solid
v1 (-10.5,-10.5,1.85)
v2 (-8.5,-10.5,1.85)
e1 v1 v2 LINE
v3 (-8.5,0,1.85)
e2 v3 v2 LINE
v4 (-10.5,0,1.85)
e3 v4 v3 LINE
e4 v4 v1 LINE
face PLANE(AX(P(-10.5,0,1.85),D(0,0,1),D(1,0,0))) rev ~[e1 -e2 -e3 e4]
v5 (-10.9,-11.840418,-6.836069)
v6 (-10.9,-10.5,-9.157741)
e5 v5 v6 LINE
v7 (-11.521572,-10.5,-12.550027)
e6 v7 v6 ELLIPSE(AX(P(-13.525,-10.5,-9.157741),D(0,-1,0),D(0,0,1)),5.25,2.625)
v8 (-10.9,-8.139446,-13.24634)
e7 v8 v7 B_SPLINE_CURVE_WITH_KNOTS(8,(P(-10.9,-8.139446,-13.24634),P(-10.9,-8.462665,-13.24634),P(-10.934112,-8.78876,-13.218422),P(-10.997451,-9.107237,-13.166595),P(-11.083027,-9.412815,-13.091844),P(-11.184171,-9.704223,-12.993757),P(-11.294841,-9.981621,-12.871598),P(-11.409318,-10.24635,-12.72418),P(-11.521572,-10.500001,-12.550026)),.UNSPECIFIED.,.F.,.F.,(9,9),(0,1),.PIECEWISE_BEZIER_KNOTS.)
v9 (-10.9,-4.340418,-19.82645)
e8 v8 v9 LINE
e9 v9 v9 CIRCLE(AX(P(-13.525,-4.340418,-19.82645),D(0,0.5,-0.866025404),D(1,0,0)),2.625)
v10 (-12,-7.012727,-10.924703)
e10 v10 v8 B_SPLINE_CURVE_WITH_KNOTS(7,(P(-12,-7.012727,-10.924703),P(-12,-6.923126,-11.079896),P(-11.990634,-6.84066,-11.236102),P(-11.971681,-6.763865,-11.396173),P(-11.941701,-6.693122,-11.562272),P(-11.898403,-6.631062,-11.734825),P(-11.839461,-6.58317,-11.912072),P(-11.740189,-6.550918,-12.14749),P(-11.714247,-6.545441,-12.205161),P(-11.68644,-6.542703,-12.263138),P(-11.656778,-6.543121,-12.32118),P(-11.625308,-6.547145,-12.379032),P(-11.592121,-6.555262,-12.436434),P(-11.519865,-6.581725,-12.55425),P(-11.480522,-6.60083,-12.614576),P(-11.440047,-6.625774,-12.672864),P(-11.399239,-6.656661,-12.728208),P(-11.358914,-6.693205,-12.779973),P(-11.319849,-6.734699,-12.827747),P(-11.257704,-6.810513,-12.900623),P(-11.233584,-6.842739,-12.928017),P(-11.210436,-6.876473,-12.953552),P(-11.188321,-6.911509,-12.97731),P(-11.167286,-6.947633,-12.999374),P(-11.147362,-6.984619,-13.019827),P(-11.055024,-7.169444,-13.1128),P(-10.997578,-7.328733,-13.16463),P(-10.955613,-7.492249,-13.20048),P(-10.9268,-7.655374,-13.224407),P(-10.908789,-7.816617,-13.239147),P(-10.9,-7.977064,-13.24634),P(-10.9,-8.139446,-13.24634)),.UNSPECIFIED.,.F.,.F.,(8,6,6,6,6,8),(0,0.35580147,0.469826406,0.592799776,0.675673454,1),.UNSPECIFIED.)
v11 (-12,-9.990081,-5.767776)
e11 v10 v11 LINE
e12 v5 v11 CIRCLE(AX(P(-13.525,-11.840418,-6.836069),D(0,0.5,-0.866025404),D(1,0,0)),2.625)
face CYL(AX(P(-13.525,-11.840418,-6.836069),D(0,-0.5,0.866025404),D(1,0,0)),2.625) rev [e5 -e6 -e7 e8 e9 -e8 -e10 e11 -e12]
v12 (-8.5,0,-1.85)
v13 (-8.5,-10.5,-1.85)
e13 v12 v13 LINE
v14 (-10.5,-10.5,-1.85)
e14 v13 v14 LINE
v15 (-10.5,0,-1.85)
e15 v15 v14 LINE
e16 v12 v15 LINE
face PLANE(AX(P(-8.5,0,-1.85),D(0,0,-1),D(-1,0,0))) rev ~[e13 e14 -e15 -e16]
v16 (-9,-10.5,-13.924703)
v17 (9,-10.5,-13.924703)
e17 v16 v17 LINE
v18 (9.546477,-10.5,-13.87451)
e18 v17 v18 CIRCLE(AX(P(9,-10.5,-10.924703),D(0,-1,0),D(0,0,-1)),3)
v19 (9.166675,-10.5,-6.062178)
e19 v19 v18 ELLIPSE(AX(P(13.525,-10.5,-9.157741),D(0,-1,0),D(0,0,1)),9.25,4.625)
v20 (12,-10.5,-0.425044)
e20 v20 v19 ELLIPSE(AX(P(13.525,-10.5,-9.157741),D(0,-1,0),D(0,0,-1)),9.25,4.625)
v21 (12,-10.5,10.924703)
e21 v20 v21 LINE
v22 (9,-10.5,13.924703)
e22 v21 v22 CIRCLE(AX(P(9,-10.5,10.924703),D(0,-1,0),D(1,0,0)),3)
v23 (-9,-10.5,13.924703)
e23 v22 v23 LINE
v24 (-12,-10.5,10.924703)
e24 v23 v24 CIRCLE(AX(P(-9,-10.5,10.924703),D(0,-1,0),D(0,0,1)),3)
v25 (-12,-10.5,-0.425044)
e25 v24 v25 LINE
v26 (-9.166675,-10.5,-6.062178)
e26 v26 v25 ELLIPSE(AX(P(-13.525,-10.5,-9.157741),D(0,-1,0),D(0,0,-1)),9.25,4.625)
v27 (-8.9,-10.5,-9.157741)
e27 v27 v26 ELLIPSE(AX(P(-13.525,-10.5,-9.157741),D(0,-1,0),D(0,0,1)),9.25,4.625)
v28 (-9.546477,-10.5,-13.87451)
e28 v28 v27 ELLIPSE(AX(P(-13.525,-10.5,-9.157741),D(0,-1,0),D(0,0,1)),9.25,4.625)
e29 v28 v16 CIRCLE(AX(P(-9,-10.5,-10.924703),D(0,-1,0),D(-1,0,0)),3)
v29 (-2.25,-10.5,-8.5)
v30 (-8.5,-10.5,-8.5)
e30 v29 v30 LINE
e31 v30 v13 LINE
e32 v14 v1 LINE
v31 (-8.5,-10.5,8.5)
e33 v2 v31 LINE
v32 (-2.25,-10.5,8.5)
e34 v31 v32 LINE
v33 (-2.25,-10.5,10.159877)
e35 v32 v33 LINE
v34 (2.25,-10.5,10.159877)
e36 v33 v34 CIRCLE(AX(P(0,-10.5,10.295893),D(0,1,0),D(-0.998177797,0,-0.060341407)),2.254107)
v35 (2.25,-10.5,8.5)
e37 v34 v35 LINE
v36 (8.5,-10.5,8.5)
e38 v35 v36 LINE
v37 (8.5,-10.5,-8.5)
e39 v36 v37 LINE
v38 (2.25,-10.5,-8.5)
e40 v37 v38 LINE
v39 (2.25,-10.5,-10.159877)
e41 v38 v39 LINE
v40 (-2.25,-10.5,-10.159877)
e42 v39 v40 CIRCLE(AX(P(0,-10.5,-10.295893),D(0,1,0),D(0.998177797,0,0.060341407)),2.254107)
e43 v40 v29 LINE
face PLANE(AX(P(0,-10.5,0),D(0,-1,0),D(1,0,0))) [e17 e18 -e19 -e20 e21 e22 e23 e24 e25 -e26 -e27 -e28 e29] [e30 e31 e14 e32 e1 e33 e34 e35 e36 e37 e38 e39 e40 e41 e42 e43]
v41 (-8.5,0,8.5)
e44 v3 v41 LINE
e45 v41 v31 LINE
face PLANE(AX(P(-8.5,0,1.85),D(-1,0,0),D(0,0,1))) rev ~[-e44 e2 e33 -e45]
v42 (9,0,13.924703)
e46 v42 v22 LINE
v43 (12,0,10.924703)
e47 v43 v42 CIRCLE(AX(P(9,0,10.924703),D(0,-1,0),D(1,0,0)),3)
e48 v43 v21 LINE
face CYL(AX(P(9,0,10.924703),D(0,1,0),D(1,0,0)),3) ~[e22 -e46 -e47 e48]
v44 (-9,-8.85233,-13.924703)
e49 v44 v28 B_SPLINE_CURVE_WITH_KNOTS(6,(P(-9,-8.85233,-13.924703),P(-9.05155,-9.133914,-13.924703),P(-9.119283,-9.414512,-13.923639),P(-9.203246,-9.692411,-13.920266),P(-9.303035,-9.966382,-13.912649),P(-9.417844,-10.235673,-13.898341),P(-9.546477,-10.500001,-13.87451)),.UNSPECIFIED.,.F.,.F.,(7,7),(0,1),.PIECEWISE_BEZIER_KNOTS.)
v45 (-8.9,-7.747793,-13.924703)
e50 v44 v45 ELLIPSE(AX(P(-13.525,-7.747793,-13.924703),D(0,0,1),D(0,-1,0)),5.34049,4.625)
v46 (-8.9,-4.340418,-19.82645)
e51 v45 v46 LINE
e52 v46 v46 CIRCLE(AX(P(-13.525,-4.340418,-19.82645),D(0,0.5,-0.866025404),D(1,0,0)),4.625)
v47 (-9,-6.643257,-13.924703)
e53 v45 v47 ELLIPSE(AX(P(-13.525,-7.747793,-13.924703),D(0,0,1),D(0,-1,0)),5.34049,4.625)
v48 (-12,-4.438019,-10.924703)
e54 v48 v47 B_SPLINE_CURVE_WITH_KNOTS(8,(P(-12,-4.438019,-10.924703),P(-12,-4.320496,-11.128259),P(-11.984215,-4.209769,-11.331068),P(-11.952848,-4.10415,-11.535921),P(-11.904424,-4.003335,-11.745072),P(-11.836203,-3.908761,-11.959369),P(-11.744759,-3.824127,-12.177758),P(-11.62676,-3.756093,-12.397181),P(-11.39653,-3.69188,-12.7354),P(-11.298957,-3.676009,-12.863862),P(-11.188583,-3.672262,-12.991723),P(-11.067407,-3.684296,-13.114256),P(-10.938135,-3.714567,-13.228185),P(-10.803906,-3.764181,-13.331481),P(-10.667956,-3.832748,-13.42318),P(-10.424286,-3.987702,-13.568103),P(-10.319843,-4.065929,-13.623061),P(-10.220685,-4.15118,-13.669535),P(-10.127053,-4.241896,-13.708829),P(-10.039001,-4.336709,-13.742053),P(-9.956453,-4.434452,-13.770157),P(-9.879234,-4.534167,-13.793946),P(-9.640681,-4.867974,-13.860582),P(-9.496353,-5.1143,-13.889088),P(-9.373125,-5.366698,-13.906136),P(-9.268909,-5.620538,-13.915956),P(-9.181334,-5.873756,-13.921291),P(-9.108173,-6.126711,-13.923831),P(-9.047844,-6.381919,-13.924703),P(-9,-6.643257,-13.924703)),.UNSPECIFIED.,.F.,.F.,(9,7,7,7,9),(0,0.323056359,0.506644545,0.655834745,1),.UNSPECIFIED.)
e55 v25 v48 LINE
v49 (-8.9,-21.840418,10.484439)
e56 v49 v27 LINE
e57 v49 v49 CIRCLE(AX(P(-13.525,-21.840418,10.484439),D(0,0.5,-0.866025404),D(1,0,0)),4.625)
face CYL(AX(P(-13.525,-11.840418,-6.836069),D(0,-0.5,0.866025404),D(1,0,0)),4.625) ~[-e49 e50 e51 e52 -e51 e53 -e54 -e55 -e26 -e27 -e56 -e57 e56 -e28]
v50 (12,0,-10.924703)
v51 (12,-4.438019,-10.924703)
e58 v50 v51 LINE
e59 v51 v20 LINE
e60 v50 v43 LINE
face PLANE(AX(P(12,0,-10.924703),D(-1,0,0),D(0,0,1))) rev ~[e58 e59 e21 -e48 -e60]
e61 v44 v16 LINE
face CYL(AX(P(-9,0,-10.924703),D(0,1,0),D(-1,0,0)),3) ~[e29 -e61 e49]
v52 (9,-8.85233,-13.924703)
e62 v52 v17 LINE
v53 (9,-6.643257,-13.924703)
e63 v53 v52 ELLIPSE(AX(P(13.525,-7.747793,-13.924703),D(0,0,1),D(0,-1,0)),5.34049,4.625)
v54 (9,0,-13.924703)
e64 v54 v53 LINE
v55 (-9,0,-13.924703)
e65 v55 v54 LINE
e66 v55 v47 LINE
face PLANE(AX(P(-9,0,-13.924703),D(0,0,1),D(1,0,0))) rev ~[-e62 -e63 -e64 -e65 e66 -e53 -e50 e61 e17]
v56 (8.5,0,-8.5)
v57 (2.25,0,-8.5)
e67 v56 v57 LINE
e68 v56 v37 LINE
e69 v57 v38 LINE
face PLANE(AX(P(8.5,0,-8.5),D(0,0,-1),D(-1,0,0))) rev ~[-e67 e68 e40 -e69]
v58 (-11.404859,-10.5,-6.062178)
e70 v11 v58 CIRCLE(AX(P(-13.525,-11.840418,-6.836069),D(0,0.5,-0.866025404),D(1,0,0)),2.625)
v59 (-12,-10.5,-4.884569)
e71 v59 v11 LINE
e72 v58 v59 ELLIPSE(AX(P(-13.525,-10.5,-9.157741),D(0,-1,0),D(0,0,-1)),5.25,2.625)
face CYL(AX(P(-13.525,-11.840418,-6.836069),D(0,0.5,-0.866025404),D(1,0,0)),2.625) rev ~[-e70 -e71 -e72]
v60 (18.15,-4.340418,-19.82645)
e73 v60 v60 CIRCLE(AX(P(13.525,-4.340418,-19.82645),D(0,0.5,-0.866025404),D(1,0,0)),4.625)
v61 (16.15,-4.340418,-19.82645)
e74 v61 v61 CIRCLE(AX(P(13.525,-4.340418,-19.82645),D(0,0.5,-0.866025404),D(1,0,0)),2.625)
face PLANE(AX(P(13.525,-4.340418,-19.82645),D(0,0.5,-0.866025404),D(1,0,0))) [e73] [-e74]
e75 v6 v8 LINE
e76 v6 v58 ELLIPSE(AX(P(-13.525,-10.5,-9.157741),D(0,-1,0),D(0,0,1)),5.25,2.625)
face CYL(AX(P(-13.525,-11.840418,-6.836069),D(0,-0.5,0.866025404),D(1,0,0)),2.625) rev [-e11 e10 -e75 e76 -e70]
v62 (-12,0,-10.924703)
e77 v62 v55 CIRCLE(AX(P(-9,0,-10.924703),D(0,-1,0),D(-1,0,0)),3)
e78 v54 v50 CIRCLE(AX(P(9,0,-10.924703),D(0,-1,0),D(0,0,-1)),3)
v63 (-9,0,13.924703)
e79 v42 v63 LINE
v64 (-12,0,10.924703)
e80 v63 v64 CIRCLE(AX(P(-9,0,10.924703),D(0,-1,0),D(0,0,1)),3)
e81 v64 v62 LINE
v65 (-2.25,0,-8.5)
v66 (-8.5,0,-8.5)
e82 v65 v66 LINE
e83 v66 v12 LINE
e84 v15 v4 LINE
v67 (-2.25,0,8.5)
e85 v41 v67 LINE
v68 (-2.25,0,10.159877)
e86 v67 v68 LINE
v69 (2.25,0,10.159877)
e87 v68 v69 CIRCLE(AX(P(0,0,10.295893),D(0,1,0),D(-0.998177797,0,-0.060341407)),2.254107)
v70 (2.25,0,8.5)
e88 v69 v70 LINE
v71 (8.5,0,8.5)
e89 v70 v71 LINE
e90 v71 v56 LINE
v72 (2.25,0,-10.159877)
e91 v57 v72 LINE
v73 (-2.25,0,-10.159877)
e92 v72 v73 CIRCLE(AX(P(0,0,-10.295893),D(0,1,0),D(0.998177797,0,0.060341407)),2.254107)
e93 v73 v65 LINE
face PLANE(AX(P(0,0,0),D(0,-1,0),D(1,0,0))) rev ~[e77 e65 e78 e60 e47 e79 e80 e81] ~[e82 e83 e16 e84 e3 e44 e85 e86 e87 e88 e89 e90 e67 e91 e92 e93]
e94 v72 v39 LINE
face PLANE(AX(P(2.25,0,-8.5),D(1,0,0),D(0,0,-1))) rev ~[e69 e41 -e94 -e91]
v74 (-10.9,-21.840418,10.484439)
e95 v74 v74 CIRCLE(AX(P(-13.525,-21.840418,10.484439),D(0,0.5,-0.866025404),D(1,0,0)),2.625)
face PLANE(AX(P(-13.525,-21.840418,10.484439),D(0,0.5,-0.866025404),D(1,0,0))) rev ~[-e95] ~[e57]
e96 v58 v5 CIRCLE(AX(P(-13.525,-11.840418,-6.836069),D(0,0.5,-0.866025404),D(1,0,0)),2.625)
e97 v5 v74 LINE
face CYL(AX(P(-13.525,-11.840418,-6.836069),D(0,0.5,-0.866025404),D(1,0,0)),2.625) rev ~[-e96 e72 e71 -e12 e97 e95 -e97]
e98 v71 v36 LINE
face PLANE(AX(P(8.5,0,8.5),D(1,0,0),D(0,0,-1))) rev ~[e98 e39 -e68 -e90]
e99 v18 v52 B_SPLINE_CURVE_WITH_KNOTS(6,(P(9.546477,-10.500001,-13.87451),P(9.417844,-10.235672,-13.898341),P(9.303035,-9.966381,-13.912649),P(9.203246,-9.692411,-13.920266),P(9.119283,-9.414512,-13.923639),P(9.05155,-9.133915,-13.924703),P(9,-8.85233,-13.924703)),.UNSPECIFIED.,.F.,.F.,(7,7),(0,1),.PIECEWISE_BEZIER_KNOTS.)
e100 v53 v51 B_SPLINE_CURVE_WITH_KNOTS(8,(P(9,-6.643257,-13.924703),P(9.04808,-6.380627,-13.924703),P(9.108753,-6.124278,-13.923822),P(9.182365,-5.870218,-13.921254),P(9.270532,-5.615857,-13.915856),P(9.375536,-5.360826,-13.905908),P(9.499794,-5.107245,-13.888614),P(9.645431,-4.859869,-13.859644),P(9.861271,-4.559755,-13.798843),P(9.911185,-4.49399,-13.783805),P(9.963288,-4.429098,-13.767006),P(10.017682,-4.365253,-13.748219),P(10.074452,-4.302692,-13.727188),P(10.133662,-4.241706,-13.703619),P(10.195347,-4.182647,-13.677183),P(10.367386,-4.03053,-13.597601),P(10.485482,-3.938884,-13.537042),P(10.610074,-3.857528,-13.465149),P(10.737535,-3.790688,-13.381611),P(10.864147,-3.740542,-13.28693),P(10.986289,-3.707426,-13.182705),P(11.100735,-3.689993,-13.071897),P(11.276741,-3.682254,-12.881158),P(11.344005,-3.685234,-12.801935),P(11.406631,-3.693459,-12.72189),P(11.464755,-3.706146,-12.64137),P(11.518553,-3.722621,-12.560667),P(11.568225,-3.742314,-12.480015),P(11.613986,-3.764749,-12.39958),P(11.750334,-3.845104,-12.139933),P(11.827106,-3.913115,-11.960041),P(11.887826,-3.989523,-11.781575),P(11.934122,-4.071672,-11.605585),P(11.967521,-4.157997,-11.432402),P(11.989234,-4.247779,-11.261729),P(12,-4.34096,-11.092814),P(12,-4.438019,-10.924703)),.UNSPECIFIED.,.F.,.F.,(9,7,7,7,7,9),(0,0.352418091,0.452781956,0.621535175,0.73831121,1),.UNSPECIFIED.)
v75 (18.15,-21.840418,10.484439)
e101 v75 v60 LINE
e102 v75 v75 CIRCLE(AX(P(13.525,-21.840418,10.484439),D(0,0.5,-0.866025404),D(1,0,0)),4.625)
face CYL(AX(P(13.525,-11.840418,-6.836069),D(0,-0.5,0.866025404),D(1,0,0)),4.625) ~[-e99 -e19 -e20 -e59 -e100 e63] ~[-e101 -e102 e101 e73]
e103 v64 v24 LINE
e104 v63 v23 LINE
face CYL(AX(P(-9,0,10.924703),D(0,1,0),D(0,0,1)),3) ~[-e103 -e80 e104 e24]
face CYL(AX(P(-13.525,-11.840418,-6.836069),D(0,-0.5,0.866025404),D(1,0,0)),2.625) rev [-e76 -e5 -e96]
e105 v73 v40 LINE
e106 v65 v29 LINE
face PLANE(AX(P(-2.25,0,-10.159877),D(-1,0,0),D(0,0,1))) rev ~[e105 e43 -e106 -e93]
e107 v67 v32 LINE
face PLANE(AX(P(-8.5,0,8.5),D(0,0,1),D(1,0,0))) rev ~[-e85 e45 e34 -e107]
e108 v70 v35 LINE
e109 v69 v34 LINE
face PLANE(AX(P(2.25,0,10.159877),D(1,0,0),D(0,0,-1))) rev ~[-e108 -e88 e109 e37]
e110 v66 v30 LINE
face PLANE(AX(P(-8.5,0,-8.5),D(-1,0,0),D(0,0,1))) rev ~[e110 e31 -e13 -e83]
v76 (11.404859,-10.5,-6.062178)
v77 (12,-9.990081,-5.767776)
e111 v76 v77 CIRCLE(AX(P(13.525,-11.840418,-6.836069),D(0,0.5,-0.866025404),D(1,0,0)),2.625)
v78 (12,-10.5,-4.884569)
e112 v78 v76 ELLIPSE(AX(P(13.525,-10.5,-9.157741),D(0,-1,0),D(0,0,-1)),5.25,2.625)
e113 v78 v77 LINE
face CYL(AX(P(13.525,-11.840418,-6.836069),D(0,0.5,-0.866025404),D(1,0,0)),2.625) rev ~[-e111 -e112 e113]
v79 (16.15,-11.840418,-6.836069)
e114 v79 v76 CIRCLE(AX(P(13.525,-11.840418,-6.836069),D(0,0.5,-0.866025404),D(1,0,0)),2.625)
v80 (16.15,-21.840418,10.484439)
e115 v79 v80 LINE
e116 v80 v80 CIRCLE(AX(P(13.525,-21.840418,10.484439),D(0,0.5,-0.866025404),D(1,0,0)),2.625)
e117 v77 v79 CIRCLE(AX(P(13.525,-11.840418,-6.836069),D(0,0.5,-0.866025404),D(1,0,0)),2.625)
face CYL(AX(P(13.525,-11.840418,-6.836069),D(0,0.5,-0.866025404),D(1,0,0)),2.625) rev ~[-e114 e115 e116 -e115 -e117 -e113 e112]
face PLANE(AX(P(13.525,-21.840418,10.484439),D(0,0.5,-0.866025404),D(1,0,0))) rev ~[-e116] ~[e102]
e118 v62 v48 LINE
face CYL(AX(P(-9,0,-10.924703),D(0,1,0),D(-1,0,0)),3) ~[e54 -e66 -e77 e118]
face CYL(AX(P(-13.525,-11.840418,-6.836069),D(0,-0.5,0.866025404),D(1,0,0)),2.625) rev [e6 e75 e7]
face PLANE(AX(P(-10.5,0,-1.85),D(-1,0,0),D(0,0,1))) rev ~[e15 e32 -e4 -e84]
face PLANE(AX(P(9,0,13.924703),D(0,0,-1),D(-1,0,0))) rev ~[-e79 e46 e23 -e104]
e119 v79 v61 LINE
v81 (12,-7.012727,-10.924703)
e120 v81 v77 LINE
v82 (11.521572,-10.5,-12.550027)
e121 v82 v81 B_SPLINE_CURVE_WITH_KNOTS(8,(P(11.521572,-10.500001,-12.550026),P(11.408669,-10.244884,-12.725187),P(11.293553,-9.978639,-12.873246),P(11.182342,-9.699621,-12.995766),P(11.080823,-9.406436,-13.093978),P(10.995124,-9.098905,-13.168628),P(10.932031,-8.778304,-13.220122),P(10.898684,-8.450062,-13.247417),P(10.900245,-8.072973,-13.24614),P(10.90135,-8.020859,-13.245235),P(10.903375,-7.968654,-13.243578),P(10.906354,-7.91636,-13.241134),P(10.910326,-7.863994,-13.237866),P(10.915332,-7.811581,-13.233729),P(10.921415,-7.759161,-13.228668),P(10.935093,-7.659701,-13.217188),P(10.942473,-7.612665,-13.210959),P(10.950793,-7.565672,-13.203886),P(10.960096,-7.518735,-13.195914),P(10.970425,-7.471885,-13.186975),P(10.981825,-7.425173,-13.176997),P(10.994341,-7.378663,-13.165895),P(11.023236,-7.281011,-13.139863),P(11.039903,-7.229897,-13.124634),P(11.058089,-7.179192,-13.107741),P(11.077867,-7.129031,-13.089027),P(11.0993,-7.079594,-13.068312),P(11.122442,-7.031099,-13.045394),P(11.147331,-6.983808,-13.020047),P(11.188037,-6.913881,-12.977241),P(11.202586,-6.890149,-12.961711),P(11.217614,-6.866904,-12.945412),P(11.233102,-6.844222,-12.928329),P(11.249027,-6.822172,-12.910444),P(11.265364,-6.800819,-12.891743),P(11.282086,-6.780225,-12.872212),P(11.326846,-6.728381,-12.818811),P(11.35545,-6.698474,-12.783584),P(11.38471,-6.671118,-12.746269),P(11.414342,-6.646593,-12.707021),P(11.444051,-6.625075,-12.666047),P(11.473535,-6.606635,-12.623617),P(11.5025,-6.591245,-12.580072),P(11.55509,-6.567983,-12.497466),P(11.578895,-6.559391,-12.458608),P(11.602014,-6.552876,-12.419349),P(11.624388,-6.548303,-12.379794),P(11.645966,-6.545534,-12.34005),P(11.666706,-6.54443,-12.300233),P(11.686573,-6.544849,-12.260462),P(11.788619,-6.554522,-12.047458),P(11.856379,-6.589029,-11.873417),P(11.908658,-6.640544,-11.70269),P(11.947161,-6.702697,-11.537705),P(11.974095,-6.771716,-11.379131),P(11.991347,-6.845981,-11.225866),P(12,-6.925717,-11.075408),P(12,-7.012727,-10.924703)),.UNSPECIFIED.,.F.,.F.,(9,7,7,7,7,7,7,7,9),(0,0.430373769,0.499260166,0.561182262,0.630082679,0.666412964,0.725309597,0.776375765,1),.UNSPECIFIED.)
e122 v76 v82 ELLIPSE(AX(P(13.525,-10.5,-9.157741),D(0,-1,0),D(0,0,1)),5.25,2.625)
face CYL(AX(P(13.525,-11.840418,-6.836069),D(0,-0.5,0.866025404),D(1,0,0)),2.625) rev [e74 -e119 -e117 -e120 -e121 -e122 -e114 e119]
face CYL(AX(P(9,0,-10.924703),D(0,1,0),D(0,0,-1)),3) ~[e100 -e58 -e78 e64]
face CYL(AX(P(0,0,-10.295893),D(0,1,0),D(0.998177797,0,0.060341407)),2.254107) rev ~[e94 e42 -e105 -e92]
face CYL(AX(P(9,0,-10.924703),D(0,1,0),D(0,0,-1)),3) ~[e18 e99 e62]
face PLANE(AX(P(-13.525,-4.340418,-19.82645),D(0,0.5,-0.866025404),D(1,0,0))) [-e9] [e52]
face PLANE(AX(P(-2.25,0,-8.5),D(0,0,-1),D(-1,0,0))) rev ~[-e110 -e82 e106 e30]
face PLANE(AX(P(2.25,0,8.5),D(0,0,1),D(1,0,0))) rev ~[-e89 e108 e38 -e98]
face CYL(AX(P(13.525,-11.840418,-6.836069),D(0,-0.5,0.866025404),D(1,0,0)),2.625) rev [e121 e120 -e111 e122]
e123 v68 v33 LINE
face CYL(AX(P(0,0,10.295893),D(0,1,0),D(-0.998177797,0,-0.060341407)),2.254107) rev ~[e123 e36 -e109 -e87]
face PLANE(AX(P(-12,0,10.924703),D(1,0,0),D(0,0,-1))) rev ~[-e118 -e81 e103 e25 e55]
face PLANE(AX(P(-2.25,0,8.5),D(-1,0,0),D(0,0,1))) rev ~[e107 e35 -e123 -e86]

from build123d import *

# Parameters (mm, degrees)
F1_DEPTH      = 10.5
F4_R          = 4.625
F4_R_2        = 2.625
F5_DEPTH      = 20
F5_DEPTH_BACK = 15
F6_DEPTH      = 19.1738930562
F6_DEPTH_BACK = 25


with BuildPart() as f1:
    # F0 (on Front) → F1 (new body)
    with BuildSketch(Plane.XZ):
        with BuildLine():
            ThreePointArc((12, 10.924703002), (11.1213203436, 13.0460233455), (9, 13.924703002))
            Line((9, 13.924703002), (-9, 13.924703002))
            ThreePointArc((-9, 13.924703002), (-11.1213203436, 13.0460233455), (-12, 10.924703002))
            Line((-12, 10.924703002), (-12, -10.924703002))
            ThreePointArc((-12, -10.924703002), (-11.1213203436, -13.0460233455), (-9, -13.924703002))
            Line((-9, -13.924703002), (9, -13.924703002))
            ThreePointArc((9, -13.924703002), (11.1213203436, -13.0460233455), (12, -10.924703002))
            Line((12, -10.924703002), (12, 10.924703002))
        make_face()
        with BuildLine():
            Line((8.5, 8.5), (8.5, -8.5))
            Line((8.5, -8.5), (2.25, -8.5))
            Line((2.25, -8.5), (2.25, -10.1598765432))
            ThreePointArc((2.25, -10.1598765432), (0, -12.55), (-2.25, -10.1598765432))
            Line((-2.25, -10.1598765432), (-2.25, -8.5))
            Line((-2.25, -8.5), (-8.5, -8.5))
            Line((-8.5, -8.5), (-8.5, -1.85))
            Line((-8.5, -1.85), (-10.5, -1.85))
            Line((-10.5, -1.85), (-10.5, 1.85))
            Line((-10.5, 1.85), (-8.5, 1.85))
            Line((-8.5, 1.85), (-8.5, 8.5))
            Line((-8.5, 8.5), (-2.25, 8.5))
            Line((-2.25, 8.5), (-2.25, 10.1598765432))
            ThreePointArc((-2.25, 10.1598765432), (0, 12.55), (2.25, 10.1598765432))
            Line((2.25, 10.1598765432), (2.25, 8.5))
            Line((2.25, 8.5), (8.5, 8.5))
        make_face(mode=Mode.SUBTRACT)
    extrude(amount=F1_DEPTH)

    # F4 (on face) → F5 (join, two sides)
    with BuildSketch(Plane(origin=(0, 0, 0), x_dir=(1, 0, 0), z_dir=(0, 0.5, -0.8660254038))) as f5_sk:
        with Locations((13.525, 13.6721374395)):
            Circle(F4_R)
        with Locations((13.525, 13.6721374395)):
            Circle(F4_R_2, mode=Mode.SUBTRACT)
        with Locations((-13.525, 13.6721374395)):
            Circle(F4_R)
        with Locations((-13.525, 13.6721374395)):
            Circle(F4_R_2, mode=Mode.SUBTRACT)
    extrude(amount=-F5_DEPTH)
    extrude(f5_sk.sketch, amount=F5_DEPTH_BACK)

    # F4 (on face) → F6 (cut, two sides)
    with BuildSketch(Plane(origin=(0, 0, 0), x_dir=(1, 0, 0), z_dir=(0, 0.5, -0.8660254038))) as f6_sk:
        with Locations((-13.525, 13.6721374395)):
            Circle(F4_R_2)
        with Locations((13.525, 13.6721374395)):
            Circle(F4_R_2)
    extrude(amount=F6_DEPTH, mode=Mode.SUBTRACT)
    extrude(f6_sk.sketch, amount=-F6_DEPTH_BACK, mode=Mode.SUBTRACT)


solid = f1.part
